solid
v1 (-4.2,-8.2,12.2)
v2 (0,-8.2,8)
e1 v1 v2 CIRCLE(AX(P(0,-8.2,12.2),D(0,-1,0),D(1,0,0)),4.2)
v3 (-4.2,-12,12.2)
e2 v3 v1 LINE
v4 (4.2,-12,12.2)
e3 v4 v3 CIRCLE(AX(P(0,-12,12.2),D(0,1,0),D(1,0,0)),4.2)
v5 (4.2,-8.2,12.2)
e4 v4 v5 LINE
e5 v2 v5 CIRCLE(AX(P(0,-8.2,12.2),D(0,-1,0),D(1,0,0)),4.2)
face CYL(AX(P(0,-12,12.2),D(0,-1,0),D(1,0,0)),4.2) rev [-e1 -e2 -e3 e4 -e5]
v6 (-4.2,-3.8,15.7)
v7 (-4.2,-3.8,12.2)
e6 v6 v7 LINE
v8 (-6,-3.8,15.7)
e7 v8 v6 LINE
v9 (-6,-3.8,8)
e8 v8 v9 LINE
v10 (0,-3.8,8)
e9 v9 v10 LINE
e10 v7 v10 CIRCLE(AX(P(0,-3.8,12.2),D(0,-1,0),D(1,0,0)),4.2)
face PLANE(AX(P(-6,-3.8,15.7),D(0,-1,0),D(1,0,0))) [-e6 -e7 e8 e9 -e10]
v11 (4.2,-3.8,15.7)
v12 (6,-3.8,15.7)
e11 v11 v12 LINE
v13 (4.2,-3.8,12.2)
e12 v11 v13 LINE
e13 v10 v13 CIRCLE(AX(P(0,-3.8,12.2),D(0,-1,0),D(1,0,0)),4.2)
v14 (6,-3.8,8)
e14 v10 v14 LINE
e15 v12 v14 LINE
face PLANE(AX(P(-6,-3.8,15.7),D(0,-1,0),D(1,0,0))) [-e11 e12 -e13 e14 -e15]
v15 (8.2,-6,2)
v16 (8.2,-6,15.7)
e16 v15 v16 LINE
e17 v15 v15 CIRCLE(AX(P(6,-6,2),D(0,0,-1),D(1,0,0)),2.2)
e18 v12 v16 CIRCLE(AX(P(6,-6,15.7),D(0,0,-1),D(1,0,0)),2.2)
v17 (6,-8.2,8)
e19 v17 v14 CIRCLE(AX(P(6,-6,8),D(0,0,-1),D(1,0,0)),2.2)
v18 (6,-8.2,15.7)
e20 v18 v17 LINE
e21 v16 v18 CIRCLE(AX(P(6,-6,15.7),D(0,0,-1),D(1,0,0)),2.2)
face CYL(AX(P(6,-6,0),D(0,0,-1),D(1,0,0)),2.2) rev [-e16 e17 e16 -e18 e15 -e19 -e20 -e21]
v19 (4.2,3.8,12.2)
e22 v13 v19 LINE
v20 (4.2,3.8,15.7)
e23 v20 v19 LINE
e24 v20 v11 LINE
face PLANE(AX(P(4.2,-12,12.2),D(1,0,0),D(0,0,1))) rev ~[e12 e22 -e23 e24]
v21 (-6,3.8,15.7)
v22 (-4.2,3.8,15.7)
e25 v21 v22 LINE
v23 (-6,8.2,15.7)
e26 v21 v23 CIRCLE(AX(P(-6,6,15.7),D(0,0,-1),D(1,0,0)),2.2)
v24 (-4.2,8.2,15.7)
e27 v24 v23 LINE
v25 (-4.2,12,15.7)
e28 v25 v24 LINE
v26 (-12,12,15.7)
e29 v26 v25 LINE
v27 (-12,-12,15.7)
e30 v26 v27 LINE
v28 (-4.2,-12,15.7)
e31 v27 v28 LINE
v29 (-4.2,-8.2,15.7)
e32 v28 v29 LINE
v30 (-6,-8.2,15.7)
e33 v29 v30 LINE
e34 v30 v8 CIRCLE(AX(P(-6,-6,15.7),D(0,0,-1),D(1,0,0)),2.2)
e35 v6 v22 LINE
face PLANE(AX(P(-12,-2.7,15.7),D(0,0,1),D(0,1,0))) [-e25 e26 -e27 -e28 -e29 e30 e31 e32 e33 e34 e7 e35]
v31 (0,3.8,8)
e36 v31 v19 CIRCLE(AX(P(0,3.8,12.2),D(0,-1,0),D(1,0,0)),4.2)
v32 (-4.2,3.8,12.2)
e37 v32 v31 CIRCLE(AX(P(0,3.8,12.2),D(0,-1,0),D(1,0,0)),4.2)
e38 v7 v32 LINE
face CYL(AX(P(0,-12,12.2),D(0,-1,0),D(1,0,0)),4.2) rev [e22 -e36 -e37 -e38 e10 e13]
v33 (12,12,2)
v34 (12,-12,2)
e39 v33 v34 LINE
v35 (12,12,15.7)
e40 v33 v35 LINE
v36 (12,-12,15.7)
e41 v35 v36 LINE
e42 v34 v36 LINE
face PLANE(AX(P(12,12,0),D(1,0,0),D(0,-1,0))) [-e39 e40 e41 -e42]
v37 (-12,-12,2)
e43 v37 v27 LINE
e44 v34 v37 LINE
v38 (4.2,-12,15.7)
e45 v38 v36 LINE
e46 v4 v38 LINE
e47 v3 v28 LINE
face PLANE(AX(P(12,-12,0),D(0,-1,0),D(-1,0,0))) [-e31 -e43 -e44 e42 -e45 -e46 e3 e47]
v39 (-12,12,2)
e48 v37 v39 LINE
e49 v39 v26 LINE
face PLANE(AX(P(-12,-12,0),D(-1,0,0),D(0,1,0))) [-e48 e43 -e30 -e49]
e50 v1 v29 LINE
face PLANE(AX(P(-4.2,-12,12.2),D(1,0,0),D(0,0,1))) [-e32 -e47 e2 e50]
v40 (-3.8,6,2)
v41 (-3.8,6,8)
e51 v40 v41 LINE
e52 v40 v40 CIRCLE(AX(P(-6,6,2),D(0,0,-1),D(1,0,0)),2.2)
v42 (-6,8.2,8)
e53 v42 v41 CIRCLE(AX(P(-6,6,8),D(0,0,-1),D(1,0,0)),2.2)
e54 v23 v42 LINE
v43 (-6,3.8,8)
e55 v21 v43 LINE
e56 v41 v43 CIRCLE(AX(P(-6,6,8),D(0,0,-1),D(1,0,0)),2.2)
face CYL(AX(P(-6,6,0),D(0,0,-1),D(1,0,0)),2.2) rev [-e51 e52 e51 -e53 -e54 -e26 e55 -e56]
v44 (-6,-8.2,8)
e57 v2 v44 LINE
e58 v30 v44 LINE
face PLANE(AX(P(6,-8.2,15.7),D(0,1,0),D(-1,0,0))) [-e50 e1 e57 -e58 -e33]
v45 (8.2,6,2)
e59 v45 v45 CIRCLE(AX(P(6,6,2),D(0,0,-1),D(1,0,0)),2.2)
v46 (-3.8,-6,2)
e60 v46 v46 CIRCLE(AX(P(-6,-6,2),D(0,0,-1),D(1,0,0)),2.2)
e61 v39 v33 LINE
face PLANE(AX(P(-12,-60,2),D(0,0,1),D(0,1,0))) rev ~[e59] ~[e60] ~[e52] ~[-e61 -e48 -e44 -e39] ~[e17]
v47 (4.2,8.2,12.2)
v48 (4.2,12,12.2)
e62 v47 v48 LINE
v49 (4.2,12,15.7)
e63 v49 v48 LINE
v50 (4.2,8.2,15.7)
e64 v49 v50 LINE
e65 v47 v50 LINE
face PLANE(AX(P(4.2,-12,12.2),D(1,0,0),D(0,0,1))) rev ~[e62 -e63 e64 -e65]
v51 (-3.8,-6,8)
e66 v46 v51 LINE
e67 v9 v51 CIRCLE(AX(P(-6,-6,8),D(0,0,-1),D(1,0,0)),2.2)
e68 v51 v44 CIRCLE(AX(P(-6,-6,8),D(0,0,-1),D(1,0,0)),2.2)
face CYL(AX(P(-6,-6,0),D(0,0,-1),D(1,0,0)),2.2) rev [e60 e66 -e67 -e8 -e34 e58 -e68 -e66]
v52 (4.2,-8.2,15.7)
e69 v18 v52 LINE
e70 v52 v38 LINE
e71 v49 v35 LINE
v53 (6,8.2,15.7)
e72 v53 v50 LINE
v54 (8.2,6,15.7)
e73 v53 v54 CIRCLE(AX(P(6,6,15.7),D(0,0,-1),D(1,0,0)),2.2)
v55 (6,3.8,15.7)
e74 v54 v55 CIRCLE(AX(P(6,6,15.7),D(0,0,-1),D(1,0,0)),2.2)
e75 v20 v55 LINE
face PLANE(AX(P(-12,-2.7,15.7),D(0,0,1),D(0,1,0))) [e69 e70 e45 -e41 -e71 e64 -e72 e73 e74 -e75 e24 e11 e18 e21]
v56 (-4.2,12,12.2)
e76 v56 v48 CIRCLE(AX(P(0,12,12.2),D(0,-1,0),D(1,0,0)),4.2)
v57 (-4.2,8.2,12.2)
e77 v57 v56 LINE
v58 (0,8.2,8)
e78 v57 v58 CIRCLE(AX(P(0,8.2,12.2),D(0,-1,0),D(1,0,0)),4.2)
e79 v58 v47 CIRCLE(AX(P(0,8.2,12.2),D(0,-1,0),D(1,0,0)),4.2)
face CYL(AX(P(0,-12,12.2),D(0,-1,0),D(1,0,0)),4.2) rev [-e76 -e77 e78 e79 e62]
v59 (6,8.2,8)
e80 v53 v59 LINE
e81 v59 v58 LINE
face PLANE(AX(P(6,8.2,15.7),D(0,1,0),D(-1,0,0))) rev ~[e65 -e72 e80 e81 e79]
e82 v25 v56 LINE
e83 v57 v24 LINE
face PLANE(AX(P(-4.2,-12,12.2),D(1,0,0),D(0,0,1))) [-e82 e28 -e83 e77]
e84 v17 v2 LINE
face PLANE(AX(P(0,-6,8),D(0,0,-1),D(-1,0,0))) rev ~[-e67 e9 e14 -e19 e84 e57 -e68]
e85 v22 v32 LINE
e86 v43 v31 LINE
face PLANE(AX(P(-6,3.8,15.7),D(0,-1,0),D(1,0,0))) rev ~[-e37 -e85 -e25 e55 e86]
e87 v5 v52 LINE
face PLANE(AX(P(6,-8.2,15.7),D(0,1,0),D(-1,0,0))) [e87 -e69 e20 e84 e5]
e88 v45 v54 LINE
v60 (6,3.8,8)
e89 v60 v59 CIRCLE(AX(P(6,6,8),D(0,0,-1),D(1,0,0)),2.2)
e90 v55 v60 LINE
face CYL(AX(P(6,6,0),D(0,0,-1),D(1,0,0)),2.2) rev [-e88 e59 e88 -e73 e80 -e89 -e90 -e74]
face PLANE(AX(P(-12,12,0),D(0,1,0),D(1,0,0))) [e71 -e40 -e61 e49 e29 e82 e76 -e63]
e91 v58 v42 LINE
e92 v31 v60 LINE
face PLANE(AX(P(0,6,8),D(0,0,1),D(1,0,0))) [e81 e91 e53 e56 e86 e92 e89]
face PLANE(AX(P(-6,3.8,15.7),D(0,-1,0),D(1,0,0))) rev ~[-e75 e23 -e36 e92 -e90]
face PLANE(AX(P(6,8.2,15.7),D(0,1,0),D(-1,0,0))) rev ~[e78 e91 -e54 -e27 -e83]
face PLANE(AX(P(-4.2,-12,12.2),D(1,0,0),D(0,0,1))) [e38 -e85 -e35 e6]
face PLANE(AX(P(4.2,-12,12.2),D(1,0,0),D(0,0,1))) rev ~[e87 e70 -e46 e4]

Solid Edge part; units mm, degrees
sketch "Sketch1" plane through (0, 0, 0) normal (0, 0, 1) x (1, 0, 0)
  circle A0 centre (6, 6) radius 2.2
  circle A1 centre (-6, -6) radius 2.2
  circle A2 centre (6, -6) radius 2.2
  line L0 (-12, 12) -> (12, 12)
  line L1 (12, 12) -> (12, -12)
  line L2 (12, -12) -> (-12, -12)
  line L3 (-12, -12) -> (-12, 12)
  circle A3 centre (-6, 6) radius 2.2
  dimension "D1" = 9
  dimension "D2" = 24
  dimension "D3" = 24
  dimension "D4" = 4.4
  dimension "D5" = 6
  dimension "D6" = 6
extrude "Protrusion1" add sketch "Sketch1" along normal blind 16
sketch "Sketch2" plane through (0, -12, 8) normal (0, -1, 0) x (1, 0, 0)
  line L0 (-4.2, 4.2) -> (-4.2, 14.9172)
  line L1 (4.2, 4.2) -> (4.2, 14.9172)
  arc A0 (4.2, 4.2) -> (-4.2, 4.2) centre (0, 4.2) cw
extrude "Cutout1" cut sketch "Sketch2" against normal through all material side at (-4.15, -12, 17.5586)
sketch "Sketch3" plane through (-12, -6.7, 8) normal (-1, 0, 0) x (0, -1, 0)
  line L0 (4, 7.7) -> (-4, 7.7)
  dimension "D1" = 0.3
extrude "Cutout2" cut sketch "Sketch3" against normal through all material side at (-12, -6.7, 15.75)
sketch "Sketch4" plane through (-12, -6.7, 7.85) normal (-1, 0, 0) x (0, -1, 0)
  line L0 (53.3, -5.85) -> (-66.7, -5.85)
  dimension "D1" = 2
extrude "Cutout3" cut sketch "Sketch4" against normal through all material side at (-12, 0, 1.95)
sketch "Sketch5" plane through (-8.1, 0, 15.7) normal (0, 0, 1) x (1, 0, 0)
  line L0 (2.1, 3.8) -> (14.1, 3.8)
  line L1 (14.1, 3.8) -> (14.1, 8.2)
  line L2 (14.1, 8.2) -> (2.1, 8.2)
  line L3 (2.1, 8.2) -> (2.1, 3.8)
  line L4 (2.1, -3.8) -> (14.1, -3.8)
  line L5 (14.1, -3.8) -> (14.1, -8.2)
  line L6 (14.1, -8.2) -> (2.1, -8.2)
  line L7 (2.1, -8.2) -> (2.1, -3.8)
extrude "Cutout4" cut sketch "Sketch5" against normal up to vertex (7.7 mm away)
properties material "ABS Plastic, medium impact"
